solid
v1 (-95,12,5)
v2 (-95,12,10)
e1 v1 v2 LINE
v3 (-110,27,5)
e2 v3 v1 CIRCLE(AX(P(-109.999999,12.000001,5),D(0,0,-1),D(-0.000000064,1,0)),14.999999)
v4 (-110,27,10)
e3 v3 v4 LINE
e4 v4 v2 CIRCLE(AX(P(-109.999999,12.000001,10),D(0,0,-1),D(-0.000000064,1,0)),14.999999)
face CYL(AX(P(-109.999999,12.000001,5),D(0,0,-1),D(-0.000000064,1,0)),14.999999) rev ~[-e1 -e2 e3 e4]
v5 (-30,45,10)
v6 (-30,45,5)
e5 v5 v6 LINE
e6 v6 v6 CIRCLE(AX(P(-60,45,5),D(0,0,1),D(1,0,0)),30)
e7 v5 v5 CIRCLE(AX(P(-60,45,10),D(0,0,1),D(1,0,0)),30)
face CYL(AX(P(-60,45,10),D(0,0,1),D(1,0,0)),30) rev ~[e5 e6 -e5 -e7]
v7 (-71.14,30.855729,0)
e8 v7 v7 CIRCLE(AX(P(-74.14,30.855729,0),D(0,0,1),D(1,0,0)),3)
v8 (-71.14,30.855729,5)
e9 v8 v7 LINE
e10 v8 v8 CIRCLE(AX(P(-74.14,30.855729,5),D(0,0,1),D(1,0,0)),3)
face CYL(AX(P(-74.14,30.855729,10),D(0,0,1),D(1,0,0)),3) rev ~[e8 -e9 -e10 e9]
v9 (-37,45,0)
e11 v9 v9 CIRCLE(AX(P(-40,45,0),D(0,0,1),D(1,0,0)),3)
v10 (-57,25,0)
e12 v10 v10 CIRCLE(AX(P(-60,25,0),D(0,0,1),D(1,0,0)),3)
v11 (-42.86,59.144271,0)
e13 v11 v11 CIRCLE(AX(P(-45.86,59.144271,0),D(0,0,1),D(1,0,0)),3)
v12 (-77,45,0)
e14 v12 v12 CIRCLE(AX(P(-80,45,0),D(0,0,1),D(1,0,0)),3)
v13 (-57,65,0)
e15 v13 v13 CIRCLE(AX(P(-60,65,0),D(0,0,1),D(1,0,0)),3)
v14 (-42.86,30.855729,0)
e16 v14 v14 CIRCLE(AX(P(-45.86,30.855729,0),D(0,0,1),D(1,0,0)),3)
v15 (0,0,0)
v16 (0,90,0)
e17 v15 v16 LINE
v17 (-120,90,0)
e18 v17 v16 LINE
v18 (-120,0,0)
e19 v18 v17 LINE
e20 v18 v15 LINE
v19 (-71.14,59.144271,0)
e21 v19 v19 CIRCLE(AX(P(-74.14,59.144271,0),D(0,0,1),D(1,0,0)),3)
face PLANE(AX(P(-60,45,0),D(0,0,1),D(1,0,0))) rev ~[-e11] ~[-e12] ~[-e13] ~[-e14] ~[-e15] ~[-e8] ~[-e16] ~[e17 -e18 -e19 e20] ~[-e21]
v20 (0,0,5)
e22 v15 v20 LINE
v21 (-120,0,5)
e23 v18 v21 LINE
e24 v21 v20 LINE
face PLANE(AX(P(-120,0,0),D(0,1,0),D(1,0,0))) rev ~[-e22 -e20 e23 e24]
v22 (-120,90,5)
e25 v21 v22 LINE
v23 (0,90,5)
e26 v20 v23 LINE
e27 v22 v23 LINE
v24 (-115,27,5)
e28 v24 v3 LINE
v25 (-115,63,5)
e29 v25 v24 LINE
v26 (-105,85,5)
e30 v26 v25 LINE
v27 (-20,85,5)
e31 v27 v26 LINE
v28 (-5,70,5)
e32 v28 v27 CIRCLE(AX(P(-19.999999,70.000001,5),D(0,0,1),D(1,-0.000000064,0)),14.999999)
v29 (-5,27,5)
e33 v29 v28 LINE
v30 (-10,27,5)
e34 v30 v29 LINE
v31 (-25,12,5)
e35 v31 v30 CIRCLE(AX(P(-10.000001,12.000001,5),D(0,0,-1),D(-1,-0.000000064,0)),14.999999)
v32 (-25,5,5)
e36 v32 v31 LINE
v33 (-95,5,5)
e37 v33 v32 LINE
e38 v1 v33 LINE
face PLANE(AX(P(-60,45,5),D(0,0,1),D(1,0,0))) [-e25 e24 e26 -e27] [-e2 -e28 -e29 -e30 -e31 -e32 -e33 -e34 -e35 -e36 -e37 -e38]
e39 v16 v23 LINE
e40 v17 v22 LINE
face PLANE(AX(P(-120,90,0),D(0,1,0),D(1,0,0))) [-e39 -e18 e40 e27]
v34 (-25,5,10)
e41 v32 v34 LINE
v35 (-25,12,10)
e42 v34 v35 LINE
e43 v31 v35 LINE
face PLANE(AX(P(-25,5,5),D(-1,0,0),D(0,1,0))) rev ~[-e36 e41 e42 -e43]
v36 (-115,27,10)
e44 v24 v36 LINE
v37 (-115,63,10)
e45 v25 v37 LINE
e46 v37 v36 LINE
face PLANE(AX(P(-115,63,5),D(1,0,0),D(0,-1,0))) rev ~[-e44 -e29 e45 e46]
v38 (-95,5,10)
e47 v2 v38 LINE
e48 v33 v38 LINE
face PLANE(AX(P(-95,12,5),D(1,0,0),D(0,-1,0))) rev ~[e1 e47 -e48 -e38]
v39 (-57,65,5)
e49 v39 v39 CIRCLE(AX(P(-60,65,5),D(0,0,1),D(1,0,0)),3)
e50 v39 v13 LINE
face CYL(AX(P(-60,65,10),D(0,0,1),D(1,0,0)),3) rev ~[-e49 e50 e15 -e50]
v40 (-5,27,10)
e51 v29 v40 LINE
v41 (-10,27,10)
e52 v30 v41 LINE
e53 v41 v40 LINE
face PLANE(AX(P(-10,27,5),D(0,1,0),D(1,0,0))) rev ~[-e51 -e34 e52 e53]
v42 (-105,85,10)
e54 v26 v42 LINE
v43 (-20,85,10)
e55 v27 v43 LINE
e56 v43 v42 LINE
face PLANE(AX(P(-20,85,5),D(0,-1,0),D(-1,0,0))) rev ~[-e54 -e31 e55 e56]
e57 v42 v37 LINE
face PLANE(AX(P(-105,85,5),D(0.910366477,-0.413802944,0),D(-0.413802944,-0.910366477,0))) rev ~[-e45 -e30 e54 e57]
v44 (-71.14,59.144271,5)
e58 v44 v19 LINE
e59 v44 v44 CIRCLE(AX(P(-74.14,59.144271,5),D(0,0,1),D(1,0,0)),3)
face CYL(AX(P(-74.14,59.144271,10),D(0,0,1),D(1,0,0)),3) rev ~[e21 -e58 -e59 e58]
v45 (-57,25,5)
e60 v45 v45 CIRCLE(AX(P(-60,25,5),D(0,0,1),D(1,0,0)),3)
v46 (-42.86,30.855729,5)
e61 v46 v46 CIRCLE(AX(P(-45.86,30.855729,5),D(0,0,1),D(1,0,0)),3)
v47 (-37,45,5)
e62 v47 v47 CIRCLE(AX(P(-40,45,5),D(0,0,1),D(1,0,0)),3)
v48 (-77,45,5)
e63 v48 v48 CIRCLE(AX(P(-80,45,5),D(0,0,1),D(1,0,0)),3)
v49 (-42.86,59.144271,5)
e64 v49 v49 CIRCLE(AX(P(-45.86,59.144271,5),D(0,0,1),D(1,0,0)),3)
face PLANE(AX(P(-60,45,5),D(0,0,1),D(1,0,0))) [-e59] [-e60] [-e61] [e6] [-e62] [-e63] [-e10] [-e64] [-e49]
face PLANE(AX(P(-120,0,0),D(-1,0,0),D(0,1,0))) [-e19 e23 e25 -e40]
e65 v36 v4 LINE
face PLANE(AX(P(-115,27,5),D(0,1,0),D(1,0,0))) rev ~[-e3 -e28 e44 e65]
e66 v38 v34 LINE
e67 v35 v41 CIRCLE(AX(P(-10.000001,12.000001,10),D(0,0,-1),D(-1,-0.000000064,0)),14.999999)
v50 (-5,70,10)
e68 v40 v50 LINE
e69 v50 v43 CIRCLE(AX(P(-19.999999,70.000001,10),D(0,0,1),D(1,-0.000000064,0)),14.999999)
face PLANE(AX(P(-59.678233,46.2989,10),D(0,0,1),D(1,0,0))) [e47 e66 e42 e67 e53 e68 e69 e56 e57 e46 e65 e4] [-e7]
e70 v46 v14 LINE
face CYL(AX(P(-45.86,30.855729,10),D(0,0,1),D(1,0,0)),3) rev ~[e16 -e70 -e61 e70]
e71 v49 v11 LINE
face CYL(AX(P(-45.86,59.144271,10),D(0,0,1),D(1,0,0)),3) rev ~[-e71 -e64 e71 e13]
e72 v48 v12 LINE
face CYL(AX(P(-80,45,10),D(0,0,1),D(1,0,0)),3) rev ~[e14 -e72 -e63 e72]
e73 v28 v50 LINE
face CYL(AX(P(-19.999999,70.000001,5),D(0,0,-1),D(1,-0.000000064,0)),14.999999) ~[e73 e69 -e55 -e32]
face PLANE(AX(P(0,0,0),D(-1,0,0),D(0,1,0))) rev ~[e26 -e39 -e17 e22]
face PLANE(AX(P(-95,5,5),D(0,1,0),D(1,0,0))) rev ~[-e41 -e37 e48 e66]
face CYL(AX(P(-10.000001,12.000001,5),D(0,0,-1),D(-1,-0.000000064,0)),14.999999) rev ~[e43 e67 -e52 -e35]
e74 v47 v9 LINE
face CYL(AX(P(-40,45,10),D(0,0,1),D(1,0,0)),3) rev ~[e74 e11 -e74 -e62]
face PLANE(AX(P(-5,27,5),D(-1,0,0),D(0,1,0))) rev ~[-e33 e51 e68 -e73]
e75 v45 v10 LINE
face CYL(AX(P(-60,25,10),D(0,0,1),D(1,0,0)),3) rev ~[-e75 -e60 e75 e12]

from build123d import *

# Parameters (mm, degrees)
F0_W     = 120
F0_H     = 90
F1_DEPTH = 5
F3_DEPTH = 5
F4_R     = 30
F5_DEPTH = 5
F6_R     = 3
F7_DEPTH = 25


with BuildPart() as f1:
    # F0 (on Top) → F1 (new body)
    with BuildSketch(Plane.XY):
        with Locations((-60, 45)):
            Rectangle(F0_W, F0_H)
    extrude(amount=F1_DEPTH)

    # F2 (on face) → F3 (join)
    with BuildSketch(Plane.XY.offset(5)):
        with BuildLine():
            Line((-10, 27), (-5, 27))
            Line((-5, 27), (-5, 70))
            ThreePointArc((-5, 70), (-9.393398, 80.606602), (-20, 85))
            Line((-20, 85), (-105, 85))
            Line((-105, 85), (-115, 63))
            Line((-115, 63), (-115, 27))
            Line((-115, 27), (-110, 27))
            ThreePointArc((-110, 27), (-99.393398, 22.606602), (-95, 12))
            Line((-95, 12), (-95, 5))
            Line((-95, 5), (-25, 5))
            Line((-25, 5), (-25, 12))
            ThreePointArc((-25, 12), (-20.606602, 22.606602), (-10, 27))
        make_face()
    extrude(amount=F3_DEPTH)

    # F4 (on face) → F5 (cut)
    with BuildSketch(Plane.XY.offset(10)):
        with Locations((-60, 45)):
            Circle(F4_R)
    extrude(amount=-F5_DEPTH, mode=Mode.SUBTRACT)

    # F6 (on face) → F7 (cut)
    with BuildSketch(Plane.XY.offset(10)):
        with Locations((-80, 45)):
            Circle(F6_R)
        with Locations((-60, 25)):
            Circle(F6_R)
        with Locations((-60, 65)):
            Circle(F6_R)
        with Locations((-40, 45)):
            Circle(F6_R)
        with Locations((-74.14, 59.144271)):
            Circle(F6_R)
        with Locations((-45.86, 59.144271)):
            Circle(F6_R)
        with Locations((-74.14, 30.855729)):
            Circle(F6_R)
        with Locations((-45.86, 30.855729)):
            Circle(F6_R)
    extrude(amount=-F7_DEPTH, mode=Mode.SUBTRACT)


solid = f1.part
